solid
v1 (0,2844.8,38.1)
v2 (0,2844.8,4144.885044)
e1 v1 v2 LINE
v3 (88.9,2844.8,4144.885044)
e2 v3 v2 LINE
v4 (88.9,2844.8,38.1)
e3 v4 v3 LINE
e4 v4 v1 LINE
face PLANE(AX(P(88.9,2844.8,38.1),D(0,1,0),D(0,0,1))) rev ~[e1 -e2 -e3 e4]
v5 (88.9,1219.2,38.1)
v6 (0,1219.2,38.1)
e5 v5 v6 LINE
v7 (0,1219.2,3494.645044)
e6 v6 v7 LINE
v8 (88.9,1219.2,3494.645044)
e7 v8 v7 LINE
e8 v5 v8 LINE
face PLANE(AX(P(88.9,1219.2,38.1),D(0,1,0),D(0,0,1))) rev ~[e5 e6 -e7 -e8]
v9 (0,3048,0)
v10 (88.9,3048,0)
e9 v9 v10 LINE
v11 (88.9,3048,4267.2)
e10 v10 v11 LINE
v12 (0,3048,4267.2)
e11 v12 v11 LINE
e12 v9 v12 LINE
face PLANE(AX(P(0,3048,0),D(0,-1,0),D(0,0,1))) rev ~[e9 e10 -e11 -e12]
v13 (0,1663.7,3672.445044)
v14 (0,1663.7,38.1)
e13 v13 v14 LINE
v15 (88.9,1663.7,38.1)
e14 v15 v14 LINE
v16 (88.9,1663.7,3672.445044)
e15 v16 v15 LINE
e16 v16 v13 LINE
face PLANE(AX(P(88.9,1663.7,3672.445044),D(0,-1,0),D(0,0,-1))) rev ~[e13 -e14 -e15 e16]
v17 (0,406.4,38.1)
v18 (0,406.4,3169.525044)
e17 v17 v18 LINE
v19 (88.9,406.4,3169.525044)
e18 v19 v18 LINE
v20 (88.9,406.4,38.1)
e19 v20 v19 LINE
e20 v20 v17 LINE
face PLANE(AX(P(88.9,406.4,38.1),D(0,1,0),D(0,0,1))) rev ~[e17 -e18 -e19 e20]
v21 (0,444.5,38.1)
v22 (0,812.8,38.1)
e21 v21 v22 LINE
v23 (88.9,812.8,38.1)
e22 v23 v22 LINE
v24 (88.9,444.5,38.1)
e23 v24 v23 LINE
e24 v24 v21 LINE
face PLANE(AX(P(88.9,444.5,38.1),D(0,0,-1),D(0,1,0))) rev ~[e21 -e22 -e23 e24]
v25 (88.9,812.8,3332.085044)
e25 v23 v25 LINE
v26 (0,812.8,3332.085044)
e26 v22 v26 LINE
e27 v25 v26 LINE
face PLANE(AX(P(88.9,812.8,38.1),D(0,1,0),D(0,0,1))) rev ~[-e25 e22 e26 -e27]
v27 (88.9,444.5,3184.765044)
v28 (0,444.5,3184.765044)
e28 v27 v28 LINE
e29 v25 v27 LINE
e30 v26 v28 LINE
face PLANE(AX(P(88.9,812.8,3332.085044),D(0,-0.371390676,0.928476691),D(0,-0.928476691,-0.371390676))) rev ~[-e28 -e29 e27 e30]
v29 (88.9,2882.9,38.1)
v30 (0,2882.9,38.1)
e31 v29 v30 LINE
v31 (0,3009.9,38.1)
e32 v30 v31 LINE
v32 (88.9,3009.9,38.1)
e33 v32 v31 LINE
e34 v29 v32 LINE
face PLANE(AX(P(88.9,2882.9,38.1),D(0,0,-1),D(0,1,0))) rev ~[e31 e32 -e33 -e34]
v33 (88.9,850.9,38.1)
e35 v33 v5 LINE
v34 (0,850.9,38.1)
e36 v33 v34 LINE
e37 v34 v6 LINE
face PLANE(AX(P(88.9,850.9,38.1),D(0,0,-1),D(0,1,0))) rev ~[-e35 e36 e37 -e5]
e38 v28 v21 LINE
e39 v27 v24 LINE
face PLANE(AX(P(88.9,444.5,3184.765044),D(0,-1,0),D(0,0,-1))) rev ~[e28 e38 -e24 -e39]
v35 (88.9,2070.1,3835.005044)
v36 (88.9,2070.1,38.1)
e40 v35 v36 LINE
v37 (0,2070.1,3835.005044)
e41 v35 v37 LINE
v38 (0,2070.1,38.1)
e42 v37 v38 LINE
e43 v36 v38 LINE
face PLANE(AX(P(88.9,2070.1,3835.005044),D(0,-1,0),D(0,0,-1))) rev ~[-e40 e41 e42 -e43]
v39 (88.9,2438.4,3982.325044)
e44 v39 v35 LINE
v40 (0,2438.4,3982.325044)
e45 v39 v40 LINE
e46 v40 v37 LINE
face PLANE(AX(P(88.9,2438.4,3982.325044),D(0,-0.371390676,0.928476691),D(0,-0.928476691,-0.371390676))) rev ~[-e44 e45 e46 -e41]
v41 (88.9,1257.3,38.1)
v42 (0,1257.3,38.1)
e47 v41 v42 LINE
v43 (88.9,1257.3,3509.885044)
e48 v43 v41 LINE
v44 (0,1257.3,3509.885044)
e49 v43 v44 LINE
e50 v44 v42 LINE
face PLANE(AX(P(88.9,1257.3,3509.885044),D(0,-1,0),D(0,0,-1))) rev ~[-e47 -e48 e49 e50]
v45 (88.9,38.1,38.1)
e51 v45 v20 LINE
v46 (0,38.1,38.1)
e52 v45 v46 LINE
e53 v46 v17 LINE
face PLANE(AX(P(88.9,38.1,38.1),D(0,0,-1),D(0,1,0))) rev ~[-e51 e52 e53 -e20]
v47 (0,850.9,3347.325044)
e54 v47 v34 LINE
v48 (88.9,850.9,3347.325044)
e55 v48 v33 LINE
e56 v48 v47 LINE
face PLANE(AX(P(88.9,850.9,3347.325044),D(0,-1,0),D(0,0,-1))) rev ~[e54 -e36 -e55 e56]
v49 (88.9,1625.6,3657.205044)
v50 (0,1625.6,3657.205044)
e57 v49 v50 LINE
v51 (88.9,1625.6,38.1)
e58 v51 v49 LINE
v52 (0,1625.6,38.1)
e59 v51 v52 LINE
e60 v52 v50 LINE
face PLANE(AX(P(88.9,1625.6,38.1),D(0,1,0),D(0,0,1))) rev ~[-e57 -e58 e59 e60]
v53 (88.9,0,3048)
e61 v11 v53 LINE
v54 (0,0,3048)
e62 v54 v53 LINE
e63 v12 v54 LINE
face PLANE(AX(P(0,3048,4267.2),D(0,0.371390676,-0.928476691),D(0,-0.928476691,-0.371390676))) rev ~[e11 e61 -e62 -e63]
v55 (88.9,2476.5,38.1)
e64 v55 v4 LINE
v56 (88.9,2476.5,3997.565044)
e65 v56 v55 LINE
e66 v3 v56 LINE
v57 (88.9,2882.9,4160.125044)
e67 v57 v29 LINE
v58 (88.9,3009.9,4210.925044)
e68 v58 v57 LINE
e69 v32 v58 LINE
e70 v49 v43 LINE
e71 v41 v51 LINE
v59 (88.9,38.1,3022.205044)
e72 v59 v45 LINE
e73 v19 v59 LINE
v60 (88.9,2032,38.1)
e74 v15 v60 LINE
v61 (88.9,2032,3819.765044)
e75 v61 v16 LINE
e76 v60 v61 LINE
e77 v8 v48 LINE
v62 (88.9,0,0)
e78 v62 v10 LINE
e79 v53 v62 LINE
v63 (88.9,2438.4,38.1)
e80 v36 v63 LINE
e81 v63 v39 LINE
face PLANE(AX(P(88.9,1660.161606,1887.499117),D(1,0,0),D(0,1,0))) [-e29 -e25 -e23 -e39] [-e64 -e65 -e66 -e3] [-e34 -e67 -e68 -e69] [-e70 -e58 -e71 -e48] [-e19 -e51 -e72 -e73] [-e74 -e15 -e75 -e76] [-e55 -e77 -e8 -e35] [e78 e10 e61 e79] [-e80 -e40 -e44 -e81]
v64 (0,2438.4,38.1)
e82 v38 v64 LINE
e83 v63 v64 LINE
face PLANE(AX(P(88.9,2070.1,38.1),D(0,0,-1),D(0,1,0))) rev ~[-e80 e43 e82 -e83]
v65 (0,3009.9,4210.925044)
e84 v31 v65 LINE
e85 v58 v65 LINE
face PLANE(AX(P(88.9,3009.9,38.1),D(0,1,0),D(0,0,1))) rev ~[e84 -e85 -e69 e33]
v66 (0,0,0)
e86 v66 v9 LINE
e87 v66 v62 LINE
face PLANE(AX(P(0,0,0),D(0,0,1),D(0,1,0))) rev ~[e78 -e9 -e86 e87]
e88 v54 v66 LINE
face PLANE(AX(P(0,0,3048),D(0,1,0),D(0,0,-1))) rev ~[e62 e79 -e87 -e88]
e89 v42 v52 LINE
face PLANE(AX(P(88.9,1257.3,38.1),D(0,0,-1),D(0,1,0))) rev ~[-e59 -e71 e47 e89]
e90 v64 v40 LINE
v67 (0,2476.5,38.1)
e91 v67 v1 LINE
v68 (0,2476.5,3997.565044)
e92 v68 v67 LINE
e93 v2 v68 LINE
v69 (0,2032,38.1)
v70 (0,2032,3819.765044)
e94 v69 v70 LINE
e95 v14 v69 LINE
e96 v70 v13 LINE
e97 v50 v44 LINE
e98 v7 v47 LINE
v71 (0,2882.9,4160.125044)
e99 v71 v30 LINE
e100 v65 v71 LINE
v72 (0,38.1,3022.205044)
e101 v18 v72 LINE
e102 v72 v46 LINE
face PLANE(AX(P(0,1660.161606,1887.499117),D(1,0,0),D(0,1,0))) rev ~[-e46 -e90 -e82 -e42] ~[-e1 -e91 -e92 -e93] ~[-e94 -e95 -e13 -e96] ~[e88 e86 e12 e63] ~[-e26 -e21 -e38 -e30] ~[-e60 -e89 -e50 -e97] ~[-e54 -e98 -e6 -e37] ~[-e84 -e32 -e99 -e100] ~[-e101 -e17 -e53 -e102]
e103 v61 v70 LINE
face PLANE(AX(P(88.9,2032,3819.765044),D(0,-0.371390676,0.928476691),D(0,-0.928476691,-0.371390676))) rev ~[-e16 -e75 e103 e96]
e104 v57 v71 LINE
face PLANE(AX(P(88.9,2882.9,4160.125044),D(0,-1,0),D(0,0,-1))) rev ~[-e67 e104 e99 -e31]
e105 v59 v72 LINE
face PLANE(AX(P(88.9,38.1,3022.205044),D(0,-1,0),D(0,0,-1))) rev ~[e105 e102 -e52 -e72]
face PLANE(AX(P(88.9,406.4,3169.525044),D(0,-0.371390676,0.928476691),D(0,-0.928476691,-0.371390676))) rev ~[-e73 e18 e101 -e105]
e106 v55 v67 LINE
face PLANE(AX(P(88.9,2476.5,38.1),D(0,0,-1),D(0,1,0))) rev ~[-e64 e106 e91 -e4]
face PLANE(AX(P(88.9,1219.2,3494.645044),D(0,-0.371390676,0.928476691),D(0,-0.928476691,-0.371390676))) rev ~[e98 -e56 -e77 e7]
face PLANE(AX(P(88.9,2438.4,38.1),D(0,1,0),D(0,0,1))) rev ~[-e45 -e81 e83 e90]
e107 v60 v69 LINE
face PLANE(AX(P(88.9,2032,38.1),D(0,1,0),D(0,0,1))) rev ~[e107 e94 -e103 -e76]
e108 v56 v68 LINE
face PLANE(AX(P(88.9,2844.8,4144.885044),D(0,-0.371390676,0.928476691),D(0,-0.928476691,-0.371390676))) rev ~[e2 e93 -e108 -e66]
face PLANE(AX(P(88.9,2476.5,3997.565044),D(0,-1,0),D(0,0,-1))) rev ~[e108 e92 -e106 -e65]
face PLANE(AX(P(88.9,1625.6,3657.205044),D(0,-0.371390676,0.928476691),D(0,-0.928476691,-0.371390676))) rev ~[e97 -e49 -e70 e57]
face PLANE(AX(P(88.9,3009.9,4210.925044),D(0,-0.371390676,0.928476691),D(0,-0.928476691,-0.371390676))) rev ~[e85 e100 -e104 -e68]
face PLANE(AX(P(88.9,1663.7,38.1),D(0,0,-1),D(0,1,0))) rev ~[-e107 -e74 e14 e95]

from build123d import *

# Parameters (mm, degrees)
F1_DEPTH = 88.9
F3_DEPTH = 88.901


with BuildPart() as f1:
    # F0 (on Right) → F1 (new body)
    with BuildSketch(Plane.YZ):
        Polygon((0, 3048), (0, 0), (3048, 0), (3048, 4267.2), align=None)
    extrude(amount=F1_DEPTH)

    # F2 (on face) → F3 (cut, through all)
    with BuildSketch(Plane.YZ.offset(88.9)):
        Polygon((406.4, 3169.525044), (38.1, 3022.205044), (38.1, 38.1), (406.4, 38.1), align=None)
        Polygon((812.8, 3332.085044), (444.5, 3184.765044), (444.5, 38.1), (812.8, 38.1), align=None)
        Polygon((1219.2, 3494.645044), (850.9, 3347.325044), (850.9, 38.1), (1219.2, 38.1), align=None)
        Polygon((1625.6, 3657.205044), (1257.3, 3509.885044), (1257.3, 38.1), (1625.6, 38.1), align=None)
        Polygon((2032, 3819.765044), (1663.7, 3672.445044), (1663.7, 38.1), (2032, 38.1), align=None)
        Polygon((2438.4, 3982.325044), (2070.1, 3835.005044), (2070.1, 38.1), (2438.4, 38.1), align=None)
        Polygon((2844.8, 4144.885044), (2476.5, 3997.565044), (2476.5, 38.1), (2844.8, 38.1), align=None)
        Polygon((3009.9, 4210.925044), (2882.9, 4160.125044), (2882.9, 38.1), (3009.9, 38.1), align=None)
    extrude(amount=-F3_DEPTH, mode=Mode.SUBTRACT)


solid = f1.part
